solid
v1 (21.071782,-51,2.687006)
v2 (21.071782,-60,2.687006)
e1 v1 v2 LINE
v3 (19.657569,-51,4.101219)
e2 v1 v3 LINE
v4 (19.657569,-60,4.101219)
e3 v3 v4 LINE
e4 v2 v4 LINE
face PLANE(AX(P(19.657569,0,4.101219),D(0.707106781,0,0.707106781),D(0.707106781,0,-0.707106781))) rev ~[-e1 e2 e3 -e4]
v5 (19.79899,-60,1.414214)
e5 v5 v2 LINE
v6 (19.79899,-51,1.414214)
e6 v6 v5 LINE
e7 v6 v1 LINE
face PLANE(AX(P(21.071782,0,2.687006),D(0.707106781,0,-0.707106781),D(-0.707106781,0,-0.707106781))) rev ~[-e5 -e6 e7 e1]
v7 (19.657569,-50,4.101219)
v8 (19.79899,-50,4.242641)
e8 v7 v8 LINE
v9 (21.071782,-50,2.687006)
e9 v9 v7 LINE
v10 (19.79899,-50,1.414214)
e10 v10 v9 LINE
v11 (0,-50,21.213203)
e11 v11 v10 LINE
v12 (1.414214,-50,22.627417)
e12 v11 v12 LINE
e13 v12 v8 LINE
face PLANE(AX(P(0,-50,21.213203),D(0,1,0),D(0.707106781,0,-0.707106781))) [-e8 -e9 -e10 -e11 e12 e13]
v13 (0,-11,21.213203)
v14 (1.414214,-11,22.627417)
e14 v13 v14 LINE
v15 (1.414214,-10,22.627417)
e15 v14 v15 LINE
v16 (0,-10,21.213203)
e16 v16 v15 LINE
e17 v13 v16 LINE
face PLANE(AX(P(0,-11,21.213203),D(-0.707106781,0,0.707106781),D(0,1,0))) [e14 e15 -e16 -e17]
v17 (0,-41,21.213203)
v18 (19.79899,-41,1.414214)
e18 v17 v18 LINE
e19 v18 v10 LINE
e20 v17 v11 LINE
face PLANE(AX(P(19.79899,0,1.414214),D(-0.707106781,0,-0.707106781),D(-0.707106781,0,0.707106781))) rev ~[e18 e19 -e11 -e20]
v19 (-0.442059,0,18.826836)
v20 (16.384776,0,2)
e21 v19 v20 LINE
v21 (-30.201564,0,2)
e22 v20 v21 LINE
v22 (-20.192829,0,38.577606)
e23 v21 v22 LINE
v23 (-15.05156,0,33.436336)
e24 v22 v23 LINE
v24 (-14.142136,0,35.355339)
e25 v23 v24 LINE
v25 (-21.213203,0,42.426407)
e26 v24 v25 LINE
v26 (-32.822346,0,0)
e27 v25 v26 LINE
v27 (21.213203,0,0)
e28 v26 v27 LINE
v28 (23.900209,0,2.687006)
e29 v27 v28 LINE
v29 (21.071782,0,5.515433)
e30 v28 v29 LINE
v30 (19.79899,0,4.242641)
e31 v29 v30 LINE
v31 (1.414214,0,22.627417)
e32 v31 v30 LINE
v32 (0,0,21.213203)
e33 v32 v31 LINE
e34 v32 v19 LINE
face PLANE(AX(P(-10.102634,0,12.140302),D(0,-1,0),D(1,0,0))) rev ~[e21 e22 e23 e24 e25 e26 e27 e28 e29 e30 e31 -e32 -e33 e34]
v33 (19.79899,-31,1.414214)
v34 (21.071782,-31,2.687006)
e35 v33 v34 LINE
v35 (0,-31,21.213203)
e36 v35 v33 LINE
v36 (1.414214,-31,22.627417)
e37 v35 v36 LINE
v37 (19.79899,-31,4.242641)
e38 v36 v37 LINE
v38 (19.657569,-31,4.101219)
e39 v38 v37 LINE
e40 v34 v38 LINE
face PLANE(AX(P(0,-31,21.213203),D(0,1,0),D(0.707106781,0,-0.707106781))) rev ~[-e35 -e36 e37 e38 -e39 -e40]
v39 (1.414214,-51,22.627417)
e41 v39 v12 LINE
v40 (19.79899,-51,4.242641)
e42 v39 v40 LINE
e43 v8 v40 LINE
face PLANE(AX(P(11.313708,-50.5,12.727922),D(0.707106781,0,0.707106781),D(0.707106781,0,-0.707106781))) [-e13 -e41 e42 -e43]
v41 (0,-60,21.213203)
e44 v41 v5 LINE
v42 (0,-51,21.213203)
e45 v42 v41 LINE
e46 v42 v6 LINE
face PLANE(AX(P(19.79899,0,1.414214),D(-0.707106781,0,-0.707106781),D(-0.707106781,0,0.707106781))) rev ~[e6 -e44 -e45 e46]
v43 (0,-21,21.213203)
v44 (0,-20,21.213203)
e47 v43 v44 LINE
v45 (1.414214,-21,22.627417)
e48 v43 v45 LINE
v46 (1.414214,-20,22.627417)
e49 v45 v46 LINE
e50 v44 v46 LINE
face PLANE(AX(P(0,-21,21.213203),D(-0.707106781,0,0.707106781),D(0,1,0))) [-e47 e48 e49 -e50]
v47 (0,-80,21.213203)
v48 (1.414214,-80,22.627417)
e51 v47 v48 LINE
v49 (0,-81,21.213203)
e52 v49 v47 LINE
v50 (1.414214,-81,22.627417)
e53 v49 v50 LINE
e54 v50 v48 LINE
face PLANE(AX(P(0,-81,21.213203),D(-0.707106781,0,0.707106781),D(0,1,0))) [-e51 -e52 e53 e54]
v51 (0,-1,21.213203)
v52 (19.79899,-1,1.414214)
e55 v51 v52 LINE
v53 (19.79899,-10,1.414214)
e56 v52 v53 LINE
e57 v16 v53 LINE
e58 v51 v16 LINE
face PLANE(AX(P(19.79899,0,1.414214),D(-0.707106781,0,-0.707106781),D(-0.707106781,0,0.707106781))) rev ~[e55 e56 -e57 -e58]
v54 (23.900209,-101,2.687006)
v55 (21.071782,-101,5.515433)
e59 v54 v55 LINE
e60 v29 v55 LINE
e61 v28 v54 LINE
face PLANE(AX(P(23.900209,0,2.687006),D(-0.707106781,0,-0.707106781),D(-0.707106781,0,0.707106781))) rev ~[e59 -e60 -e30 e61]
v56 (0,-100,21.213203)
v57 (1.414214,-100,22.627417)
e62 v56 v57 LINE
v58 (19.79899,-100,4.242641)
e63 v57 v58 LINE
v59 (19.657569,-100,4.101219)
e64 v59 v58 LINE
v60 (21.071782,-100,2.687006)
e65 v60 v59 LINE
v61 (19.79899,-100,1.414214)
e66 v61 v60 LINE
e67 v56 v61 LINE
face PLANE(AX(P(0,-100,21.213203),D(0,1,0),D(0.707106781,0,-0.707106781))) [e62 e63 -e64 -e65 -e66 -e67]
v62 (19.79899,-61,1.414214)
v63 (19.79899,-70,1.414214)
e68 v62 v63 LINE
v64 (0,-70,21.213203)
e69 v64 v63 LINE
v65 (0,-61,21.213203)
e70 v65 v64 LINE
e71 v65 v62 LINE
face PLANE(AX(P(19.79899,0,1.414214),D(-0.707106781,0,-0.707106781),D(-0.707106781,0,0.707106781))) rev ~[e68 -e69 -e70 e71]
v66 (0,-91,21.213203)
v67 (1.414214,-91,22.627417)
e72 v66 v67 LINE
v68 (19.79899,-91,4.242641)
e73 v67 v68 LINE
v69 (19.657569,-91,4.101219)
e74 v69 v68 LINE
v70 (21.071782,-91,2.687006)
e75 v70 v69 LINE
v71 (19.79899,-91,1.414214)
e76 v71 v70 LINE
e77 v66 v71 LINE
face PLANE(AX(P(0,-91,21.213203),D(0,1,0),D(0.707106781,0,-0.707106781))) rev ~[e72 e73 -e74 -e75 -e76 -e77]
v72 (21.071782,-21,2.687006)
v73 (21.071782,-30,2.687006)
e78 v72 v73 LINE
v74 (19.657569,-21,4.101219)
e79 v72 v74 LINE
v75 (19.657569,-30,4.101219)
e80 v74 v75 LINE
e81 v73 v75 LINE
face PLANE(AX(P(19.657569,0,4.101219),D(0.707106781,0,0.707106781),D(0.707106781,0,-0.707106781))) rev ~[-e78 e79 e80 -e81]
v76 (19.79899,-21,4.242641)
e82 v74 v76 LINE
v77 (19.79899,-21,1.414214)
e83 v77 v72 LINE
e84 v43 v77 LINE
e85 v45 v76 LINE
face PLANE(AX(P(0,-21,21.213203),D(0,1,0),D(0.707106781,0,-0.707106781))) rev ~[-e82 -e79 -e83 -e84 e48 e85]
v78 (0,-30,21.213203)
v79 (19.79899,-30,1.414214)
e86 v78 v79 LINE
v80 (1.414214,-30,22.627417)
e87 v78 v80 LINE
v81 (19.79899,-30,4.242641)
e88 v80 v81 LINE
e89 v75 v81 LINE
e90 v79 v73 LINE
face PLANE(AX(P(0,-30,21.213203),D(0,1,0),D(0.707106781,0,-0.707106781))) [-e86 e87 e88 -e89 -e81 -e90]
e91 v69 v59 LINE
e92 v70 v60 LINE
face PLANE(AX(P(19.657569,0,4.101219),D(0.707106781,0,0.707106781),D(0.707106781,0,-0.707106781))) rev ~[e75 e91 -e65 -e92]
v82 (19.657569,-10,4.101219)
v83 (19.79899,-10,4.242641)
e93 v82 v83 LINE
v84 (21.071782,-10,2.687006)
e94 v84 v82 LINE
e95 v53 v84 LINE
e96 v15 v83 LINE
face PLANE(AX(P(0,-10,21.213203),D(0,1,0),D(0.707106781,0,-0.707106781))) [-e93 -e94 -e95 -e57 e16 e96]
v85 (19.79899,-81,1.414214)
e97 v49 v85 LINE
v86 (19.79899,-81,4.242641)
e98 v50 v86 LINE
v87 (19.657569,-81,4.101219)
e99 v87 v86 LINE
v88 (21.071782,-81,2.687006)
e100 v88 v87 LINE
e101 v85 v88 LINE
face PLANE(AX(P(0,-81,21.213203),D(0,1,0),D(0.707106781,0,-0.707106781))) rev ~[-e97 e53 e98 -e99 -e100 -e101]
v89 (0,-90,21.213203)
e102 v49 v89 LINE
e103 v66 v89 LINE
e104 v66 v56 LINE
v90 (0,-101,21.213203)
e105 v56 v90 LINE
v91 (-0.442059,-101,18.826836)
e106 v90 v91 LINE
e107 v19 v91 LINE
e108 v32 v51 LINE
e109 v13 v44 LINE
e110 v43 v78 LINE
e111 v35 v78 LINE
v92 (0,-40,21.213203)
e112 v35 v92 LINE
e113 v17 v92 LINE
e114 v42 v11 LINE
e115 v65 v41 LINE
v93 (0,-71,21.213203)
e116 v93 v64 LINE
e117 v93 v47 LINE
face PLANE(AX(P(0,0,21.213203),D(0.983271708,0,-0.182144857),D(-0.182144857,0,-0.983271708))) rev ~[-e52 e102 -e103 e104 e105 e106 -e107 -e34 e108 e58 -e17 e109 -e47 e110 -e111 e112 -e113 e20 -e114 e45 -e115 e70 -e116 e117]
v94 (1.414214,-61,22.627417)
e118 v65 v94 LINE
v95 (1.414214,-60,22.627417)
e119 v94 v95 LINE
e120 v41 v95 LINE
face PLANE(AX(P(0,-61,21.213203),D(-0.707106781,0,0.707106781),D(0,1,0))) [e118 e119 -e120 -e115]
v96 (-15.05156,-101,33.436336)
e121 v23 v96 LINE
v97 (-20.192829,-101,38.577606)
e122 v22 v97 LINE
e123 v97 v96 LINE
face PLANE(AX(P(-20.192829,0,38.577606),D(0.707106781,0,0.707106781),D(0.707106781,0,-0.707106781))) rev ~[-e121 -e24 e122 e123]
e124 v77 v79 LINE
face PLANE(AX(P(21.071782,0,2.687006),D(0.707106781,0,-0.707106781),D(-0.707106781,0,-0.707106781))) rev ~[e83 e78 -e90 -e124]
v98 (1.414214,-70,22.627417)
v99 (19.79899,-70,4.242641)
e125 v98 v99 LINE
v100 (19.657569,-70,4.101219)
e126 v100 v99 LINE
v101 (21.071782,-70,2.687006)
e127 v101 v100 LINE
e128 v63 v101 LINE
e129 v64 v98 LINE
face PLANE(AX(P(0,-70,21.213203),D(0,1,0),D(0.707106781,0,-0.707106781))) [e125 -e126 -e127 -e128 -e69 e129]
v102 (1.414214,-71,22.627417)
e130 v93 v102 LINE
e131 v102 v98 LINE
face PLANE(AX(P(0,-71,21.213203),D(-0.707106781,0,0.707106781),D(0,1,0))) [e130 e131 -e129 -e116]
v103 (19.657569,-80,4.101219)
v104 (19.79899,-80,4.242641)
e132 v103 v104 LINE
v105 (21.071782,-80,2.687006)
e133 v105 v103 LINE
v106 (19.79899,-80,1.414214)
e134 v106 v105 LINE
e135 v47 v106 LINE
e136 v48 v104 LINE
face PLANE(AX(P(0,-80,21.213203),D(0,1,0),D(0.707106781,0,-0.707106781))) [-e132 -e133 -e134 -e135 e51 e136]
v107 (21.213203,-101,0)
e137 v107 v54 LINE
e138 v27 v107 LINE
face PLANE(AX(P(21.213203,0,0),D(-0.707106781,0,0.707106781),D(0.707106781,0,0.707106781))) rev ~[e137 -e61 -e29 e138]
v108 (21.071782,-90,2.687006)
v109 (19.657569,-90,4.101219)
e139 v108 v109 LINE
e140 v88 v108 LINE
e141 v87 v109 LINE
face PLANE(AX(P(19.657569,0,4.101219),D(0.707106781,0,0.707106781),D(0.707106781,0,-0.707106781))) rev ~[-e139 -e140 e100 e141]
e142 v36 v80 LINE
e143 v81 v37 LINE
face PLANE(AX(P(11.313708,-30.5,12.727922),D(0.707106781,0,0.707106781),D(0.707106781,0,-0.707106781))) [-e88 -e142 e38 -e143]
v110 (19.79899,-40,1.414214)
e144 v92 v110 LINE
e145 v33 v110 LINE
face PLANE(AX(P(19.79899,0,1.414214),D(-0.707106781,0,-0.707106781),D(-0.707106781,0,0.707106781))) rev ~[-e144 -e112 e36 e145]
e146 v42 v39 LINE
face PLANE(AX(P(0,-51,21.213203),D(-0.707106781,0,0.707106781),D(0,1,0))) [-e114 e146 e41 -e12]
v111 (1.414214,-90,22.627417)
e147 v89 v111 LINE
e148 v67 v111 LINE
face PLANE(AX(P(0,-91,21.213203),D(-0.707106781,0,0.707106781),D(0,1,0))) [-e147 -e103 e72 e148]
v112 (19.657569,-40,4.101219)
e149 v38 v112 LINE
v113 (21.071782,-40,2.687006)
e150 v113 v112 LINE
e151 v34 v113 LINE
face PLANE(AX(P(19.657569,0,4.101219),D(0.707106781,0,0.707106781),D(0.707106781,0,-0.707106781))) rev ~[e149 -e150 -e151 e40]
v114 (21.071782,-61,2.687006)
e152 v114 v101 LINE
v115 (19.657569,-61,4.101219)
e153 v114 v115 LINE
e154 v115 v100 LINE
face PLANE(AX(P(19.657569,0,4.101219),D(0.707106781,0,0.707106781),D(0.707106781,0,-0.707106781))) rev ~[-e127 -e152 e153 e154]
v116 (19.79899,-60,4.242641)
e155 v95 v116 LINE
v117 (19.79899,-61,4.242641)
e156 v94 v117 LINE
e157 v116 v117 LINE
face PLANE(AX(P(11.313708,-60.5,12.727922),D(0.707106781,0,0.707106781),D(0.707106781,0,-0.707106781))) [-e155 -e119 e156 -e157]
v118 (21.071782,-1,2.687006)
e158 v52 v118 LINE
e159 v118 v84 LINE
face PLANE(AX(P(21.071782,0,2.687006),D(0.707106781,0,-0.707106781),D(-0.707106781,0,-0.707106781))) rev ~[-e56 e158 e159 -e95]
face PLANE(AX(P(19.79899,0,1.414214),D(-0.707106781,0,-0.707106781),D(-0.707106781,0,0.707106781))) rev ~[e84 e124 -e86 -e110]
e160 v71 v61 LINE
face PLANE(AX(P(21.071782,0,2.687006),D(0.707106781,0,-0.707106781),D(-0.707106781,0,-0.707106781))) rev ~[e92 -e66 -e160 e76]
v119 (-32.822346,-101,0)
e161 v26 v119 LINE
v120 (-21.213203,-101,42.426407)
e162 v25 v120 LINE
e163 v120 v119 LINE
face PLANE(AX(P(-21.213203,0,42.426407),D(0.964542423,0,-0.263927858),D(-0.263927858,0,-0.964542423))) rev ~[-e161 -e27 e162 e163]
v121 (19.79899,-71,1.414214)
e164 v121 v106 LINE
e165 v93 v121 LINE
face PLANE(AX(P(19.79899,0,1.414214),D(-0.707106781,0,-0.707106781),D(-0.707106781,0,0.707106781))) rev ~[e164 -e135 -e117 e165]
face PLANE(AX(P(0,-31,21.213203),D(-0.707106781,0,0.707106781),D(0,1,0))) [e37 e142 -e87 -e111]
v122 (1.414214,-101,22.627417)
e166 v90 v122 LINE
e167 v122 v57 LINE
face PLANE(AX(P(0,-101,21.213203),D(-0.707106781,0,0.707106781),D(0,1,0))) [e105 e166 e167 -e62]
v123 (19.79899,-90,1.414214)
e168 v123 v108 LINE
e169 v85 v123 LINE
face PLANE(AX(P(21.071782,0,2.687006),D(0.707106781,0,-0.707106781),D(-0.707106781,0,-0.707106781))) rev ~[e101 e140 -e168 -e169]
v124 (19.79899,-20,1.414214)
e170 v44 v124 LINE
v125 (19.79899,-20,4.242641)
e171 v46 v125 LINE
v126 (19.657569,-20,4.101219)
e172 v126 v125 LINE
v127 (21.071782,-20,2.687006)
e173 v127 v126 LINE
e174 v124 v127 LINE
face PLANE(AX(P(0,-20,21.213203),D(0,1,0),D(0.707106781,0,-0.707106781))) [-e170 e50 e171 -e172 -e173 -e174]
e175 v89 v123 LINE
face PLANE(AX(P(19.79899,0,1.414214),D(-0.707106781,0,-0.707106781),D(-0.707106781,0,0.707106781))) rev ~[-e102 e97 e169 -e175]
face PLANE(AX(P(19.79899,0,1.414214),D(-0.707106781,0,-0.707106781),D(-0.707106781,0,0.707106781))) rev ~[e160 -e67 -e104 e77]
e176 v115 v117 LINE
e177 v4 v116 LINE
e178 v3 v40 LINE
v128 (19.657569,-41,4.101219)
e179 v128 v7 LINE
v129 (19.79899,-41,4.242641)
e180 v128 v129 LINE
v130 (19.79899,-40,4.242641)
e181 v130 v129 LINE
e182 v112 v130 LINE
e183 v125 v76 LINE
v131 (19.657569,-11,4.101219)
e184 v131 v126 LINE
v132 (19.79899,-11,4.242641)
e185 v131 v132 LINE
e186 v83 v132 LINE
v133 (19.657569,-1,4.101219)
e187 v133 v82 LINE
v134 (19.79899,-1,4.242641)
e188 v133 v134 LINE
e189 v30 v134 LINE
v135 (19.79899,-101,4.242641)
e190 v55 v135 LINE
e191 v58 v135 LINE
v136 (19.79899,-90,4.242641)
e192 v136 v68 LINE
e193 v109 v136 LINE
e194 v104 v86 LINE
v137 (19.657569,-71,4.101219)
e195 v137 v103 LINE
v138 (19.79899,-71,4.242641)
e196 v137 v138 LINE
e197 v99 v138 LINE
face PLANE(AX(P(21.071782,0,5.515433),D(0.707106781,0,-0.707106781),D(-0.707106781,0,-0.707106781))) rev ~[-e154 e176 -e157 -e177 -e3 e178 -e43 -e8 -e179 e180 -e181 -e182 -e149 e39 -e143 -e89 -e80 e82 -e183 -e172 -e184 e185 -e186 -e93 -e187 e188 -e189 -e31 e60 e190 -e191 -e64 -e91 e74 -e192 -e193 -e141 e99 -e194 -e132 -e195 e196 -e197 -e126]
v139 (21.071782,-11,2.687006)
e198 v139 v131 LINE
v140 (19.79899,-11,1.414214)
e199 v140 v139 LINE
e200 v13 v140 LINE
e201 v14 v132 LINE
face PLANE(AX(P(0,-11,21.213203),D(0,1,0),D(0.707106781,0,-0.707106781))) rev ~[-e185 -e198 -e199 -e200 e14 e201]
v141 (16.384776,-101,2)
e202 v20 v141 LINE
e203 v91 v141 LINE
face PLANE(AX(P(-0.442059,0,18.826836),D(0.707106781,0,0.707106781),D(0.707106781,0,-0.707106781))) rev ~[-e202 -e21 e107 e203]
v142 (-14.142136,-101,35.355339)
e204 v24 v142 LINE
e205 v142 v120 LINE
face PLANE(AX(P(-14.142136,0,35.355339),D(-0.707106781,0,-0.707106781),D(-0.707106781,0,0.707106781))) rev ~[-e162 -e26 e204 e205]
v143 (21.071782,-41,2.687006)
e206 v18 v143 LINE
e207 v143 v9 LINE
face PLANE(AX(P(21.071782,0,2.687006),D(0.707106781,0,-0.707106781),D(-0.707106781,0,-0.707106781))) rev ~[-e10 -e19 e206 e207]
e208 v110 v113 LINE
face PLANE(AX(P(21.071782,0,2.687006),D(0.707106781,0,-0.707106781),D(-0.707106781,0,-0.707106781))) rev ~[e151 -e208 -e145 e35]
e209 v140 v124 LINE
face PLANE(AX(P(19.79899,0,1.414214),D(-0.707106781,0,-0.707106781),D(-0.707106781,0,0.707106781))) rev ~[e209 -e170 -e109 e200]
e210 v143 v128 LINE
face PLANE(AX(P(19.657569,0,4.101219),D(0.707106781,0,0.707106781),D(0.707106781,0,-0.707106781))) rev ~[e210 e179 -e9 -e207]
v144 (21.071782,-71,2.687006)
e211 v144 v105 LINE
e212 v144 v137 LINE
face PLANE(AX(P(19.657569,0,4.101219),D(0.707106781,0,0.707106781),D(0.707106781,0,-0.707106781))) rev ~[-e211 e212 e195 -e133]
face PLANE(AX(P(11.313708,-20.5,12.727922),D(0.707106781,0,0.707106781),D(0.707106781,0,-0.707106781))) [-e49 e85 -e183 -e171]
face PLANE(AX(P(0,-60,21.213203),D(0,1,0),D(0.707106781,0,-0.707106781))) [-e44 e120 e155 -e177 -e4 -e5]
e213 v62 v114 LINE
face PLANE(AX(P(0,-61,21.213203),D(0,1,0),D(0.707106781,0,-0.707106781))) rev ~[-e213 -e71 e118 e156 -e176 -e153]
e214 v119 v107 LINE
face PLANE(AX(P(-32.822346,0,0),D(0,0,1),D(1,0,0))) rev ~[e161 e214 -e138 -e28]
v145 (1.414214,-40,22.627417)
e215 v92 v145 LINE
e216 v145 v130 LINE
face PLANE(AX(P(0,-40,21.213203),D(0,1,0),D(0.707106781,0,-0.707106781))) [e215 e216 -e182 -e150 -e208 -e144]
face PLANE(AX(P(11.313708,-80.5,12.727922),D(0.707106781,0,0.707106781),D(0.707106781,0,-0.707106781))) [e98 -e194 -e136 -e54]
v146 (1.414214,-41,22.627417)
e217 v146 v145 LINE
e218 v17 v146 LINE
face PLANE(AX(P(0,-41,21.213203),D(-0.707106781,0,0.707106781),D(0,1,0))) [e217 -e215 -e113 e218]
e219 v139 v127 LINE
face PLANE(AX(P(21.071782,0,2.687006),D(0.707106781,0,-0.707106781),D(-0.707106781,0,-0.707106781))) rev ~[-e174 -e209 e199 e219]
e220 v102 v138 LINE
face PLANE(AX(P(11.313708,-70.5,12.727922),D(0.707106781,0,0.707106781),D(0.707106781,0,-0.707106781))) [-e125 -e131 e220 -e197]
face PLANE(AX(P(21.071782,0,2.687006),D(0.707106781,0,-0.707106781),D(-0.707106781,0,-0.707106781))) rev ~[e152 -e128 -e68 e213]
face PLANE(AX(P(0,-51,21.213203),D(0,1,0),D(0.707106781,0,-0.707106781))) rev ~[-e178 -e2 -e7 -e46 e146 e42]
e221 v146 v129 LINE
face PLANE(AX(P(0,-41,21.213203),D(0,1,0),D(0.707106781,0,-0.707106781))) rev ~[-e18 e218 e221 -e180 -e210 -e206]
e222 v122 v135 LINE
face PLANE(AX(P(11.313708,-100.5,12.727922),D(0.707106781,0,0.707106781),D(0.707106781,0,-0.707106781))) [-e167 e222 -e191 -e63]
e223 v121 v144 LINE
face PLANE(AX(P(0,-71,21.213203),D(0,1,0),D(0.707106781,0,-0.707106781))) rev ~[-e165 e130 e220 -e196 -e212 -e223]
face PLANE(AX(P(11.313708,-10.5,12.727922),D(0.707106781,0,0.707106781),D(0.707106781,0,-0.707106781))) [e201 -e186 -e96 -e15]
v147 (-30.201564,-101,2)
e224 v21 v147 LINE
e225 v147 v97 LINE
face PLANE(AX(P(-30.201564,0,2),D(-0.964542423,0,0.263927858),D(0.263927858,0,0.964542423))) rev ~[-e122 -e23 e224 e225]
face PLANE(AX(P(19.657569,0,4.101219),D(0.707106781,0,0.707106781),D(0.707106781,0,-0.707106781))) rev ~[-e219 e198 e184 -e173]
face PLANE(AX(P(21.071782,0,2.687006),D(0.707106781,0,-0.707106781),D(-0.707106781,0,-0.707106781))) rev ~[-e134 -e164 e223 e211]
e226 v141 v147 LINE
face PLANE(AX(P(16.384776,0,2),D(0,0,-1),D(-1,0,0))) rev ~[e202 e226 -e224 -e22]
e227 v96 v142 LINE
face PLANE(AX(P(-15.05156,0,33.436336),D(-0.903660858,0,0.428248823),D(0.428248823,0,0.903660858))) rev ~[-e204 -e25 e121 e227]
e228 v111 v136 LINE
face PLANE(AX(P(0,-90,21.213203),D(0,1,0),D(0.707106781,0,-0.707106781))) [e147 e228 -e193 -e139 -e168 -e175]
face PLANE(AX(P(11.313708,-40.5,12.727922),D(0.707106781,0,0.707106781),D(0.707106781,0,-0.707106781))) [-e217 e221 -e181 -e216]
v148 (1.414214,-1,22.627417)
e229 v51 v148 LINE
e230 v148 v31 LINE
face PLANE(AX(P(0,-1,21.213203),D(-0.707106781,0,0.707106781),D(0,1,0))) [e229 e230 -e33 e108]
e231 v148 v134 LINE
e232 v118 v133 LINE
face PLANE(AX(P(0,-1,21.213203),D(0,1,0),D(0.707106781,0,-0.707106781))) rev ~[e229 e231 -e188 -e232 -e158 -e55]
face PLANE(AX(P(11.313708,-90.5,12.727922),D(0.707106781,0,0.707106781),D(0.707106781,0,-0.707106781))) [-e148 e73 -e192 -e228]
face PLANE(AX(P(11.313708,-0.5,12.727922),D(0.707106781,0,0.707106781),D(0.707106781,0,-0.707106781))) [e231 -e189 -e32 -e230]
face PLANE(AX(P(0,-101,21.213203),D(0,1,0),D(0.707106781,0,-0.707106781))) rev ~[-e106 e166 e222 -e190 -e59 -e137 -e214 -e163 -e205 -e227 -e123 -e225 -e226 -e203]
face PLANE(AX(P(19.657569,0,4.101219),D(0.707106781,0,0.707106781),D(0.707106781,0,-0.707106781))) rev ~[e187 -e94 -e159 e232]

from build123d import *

# Parameters (mm, degrees)
F1_DEPTH = 101
F2_W     = 28
F2_H     = 1
F3_DEPTH = 2


with BuildPart() as f1:
    # F0 (on Front) → F1 (new body)
    with BuildSketch(Plane.XZ):
        Polygon((19.7989898732, 1.4142135624), (0, 21.2132034356), (-0.4420594911, 18.826835802), (16.3847763109, 2), (-30.2015638745, 2), (-20.19282931, 38.5776056209), (-15.051559592, 33.4363359028), (-14.1421356237, 35.3553390593), (-21.2132034356, 42.4264068712), (-32.8223461799, 0), (-9.7140957444, 0), (21.2132034356, 0), align=None)
        Polygon((21.0717820794, 2.6870057685), (19.7989898732, 1.4142135624), (21.2132034356, 0), (23.9002092041, 2.6870057685), (21.0717820794, 5.5154328933), (19.657568517, 4.1012193309), align=None)
    extrude(amount=F1_DEPTH)

    # F2 (on face) → F3 (join)
    with BuildSketch(Plane(origin=(10.6066017178, 0, 10.6066017178), x_dir=(0.7071067812, 0, -0.7071067812), z_dir=(0.7071067812, 0, 0.7071067812))):
        with Locations((-1, -100.5)):
            Rectangle(F2_W, F2_H)
        with Locations((-1, -90.5)):
            Rectangle(F2_W, F2_H)
        with Locations((-1, -80.5)):
            Rectangle(F2_W, F2_H)
        with Locations((-1, -70.5)):
            Rectangle(F2_W, F2_H)
        with Locations((-1, -60.5)):
            Rectangle(F2_W, F2_H)
        with Locations((-1, -50.5)):
            Rectangle(F2_W, F2_H)
        with Locations((-1, -40.5)):
            Rectangle(F2_W, F2_H)
        with Locations((-1, -30.5)):
            Rectangle(F2_W, F2_H)
        with Locations((-1, -20.5)):
            Rectangle(F2_W, F2_H)
        with Locations((-1, -0.5)):
            Rectangle(F2_W, F2_H)
        with Locations((-1, -10.5)):
            Rectangle(F2_W, F2_H)
    extrude(amount=F3_DEPTH)


solid = f1.part
